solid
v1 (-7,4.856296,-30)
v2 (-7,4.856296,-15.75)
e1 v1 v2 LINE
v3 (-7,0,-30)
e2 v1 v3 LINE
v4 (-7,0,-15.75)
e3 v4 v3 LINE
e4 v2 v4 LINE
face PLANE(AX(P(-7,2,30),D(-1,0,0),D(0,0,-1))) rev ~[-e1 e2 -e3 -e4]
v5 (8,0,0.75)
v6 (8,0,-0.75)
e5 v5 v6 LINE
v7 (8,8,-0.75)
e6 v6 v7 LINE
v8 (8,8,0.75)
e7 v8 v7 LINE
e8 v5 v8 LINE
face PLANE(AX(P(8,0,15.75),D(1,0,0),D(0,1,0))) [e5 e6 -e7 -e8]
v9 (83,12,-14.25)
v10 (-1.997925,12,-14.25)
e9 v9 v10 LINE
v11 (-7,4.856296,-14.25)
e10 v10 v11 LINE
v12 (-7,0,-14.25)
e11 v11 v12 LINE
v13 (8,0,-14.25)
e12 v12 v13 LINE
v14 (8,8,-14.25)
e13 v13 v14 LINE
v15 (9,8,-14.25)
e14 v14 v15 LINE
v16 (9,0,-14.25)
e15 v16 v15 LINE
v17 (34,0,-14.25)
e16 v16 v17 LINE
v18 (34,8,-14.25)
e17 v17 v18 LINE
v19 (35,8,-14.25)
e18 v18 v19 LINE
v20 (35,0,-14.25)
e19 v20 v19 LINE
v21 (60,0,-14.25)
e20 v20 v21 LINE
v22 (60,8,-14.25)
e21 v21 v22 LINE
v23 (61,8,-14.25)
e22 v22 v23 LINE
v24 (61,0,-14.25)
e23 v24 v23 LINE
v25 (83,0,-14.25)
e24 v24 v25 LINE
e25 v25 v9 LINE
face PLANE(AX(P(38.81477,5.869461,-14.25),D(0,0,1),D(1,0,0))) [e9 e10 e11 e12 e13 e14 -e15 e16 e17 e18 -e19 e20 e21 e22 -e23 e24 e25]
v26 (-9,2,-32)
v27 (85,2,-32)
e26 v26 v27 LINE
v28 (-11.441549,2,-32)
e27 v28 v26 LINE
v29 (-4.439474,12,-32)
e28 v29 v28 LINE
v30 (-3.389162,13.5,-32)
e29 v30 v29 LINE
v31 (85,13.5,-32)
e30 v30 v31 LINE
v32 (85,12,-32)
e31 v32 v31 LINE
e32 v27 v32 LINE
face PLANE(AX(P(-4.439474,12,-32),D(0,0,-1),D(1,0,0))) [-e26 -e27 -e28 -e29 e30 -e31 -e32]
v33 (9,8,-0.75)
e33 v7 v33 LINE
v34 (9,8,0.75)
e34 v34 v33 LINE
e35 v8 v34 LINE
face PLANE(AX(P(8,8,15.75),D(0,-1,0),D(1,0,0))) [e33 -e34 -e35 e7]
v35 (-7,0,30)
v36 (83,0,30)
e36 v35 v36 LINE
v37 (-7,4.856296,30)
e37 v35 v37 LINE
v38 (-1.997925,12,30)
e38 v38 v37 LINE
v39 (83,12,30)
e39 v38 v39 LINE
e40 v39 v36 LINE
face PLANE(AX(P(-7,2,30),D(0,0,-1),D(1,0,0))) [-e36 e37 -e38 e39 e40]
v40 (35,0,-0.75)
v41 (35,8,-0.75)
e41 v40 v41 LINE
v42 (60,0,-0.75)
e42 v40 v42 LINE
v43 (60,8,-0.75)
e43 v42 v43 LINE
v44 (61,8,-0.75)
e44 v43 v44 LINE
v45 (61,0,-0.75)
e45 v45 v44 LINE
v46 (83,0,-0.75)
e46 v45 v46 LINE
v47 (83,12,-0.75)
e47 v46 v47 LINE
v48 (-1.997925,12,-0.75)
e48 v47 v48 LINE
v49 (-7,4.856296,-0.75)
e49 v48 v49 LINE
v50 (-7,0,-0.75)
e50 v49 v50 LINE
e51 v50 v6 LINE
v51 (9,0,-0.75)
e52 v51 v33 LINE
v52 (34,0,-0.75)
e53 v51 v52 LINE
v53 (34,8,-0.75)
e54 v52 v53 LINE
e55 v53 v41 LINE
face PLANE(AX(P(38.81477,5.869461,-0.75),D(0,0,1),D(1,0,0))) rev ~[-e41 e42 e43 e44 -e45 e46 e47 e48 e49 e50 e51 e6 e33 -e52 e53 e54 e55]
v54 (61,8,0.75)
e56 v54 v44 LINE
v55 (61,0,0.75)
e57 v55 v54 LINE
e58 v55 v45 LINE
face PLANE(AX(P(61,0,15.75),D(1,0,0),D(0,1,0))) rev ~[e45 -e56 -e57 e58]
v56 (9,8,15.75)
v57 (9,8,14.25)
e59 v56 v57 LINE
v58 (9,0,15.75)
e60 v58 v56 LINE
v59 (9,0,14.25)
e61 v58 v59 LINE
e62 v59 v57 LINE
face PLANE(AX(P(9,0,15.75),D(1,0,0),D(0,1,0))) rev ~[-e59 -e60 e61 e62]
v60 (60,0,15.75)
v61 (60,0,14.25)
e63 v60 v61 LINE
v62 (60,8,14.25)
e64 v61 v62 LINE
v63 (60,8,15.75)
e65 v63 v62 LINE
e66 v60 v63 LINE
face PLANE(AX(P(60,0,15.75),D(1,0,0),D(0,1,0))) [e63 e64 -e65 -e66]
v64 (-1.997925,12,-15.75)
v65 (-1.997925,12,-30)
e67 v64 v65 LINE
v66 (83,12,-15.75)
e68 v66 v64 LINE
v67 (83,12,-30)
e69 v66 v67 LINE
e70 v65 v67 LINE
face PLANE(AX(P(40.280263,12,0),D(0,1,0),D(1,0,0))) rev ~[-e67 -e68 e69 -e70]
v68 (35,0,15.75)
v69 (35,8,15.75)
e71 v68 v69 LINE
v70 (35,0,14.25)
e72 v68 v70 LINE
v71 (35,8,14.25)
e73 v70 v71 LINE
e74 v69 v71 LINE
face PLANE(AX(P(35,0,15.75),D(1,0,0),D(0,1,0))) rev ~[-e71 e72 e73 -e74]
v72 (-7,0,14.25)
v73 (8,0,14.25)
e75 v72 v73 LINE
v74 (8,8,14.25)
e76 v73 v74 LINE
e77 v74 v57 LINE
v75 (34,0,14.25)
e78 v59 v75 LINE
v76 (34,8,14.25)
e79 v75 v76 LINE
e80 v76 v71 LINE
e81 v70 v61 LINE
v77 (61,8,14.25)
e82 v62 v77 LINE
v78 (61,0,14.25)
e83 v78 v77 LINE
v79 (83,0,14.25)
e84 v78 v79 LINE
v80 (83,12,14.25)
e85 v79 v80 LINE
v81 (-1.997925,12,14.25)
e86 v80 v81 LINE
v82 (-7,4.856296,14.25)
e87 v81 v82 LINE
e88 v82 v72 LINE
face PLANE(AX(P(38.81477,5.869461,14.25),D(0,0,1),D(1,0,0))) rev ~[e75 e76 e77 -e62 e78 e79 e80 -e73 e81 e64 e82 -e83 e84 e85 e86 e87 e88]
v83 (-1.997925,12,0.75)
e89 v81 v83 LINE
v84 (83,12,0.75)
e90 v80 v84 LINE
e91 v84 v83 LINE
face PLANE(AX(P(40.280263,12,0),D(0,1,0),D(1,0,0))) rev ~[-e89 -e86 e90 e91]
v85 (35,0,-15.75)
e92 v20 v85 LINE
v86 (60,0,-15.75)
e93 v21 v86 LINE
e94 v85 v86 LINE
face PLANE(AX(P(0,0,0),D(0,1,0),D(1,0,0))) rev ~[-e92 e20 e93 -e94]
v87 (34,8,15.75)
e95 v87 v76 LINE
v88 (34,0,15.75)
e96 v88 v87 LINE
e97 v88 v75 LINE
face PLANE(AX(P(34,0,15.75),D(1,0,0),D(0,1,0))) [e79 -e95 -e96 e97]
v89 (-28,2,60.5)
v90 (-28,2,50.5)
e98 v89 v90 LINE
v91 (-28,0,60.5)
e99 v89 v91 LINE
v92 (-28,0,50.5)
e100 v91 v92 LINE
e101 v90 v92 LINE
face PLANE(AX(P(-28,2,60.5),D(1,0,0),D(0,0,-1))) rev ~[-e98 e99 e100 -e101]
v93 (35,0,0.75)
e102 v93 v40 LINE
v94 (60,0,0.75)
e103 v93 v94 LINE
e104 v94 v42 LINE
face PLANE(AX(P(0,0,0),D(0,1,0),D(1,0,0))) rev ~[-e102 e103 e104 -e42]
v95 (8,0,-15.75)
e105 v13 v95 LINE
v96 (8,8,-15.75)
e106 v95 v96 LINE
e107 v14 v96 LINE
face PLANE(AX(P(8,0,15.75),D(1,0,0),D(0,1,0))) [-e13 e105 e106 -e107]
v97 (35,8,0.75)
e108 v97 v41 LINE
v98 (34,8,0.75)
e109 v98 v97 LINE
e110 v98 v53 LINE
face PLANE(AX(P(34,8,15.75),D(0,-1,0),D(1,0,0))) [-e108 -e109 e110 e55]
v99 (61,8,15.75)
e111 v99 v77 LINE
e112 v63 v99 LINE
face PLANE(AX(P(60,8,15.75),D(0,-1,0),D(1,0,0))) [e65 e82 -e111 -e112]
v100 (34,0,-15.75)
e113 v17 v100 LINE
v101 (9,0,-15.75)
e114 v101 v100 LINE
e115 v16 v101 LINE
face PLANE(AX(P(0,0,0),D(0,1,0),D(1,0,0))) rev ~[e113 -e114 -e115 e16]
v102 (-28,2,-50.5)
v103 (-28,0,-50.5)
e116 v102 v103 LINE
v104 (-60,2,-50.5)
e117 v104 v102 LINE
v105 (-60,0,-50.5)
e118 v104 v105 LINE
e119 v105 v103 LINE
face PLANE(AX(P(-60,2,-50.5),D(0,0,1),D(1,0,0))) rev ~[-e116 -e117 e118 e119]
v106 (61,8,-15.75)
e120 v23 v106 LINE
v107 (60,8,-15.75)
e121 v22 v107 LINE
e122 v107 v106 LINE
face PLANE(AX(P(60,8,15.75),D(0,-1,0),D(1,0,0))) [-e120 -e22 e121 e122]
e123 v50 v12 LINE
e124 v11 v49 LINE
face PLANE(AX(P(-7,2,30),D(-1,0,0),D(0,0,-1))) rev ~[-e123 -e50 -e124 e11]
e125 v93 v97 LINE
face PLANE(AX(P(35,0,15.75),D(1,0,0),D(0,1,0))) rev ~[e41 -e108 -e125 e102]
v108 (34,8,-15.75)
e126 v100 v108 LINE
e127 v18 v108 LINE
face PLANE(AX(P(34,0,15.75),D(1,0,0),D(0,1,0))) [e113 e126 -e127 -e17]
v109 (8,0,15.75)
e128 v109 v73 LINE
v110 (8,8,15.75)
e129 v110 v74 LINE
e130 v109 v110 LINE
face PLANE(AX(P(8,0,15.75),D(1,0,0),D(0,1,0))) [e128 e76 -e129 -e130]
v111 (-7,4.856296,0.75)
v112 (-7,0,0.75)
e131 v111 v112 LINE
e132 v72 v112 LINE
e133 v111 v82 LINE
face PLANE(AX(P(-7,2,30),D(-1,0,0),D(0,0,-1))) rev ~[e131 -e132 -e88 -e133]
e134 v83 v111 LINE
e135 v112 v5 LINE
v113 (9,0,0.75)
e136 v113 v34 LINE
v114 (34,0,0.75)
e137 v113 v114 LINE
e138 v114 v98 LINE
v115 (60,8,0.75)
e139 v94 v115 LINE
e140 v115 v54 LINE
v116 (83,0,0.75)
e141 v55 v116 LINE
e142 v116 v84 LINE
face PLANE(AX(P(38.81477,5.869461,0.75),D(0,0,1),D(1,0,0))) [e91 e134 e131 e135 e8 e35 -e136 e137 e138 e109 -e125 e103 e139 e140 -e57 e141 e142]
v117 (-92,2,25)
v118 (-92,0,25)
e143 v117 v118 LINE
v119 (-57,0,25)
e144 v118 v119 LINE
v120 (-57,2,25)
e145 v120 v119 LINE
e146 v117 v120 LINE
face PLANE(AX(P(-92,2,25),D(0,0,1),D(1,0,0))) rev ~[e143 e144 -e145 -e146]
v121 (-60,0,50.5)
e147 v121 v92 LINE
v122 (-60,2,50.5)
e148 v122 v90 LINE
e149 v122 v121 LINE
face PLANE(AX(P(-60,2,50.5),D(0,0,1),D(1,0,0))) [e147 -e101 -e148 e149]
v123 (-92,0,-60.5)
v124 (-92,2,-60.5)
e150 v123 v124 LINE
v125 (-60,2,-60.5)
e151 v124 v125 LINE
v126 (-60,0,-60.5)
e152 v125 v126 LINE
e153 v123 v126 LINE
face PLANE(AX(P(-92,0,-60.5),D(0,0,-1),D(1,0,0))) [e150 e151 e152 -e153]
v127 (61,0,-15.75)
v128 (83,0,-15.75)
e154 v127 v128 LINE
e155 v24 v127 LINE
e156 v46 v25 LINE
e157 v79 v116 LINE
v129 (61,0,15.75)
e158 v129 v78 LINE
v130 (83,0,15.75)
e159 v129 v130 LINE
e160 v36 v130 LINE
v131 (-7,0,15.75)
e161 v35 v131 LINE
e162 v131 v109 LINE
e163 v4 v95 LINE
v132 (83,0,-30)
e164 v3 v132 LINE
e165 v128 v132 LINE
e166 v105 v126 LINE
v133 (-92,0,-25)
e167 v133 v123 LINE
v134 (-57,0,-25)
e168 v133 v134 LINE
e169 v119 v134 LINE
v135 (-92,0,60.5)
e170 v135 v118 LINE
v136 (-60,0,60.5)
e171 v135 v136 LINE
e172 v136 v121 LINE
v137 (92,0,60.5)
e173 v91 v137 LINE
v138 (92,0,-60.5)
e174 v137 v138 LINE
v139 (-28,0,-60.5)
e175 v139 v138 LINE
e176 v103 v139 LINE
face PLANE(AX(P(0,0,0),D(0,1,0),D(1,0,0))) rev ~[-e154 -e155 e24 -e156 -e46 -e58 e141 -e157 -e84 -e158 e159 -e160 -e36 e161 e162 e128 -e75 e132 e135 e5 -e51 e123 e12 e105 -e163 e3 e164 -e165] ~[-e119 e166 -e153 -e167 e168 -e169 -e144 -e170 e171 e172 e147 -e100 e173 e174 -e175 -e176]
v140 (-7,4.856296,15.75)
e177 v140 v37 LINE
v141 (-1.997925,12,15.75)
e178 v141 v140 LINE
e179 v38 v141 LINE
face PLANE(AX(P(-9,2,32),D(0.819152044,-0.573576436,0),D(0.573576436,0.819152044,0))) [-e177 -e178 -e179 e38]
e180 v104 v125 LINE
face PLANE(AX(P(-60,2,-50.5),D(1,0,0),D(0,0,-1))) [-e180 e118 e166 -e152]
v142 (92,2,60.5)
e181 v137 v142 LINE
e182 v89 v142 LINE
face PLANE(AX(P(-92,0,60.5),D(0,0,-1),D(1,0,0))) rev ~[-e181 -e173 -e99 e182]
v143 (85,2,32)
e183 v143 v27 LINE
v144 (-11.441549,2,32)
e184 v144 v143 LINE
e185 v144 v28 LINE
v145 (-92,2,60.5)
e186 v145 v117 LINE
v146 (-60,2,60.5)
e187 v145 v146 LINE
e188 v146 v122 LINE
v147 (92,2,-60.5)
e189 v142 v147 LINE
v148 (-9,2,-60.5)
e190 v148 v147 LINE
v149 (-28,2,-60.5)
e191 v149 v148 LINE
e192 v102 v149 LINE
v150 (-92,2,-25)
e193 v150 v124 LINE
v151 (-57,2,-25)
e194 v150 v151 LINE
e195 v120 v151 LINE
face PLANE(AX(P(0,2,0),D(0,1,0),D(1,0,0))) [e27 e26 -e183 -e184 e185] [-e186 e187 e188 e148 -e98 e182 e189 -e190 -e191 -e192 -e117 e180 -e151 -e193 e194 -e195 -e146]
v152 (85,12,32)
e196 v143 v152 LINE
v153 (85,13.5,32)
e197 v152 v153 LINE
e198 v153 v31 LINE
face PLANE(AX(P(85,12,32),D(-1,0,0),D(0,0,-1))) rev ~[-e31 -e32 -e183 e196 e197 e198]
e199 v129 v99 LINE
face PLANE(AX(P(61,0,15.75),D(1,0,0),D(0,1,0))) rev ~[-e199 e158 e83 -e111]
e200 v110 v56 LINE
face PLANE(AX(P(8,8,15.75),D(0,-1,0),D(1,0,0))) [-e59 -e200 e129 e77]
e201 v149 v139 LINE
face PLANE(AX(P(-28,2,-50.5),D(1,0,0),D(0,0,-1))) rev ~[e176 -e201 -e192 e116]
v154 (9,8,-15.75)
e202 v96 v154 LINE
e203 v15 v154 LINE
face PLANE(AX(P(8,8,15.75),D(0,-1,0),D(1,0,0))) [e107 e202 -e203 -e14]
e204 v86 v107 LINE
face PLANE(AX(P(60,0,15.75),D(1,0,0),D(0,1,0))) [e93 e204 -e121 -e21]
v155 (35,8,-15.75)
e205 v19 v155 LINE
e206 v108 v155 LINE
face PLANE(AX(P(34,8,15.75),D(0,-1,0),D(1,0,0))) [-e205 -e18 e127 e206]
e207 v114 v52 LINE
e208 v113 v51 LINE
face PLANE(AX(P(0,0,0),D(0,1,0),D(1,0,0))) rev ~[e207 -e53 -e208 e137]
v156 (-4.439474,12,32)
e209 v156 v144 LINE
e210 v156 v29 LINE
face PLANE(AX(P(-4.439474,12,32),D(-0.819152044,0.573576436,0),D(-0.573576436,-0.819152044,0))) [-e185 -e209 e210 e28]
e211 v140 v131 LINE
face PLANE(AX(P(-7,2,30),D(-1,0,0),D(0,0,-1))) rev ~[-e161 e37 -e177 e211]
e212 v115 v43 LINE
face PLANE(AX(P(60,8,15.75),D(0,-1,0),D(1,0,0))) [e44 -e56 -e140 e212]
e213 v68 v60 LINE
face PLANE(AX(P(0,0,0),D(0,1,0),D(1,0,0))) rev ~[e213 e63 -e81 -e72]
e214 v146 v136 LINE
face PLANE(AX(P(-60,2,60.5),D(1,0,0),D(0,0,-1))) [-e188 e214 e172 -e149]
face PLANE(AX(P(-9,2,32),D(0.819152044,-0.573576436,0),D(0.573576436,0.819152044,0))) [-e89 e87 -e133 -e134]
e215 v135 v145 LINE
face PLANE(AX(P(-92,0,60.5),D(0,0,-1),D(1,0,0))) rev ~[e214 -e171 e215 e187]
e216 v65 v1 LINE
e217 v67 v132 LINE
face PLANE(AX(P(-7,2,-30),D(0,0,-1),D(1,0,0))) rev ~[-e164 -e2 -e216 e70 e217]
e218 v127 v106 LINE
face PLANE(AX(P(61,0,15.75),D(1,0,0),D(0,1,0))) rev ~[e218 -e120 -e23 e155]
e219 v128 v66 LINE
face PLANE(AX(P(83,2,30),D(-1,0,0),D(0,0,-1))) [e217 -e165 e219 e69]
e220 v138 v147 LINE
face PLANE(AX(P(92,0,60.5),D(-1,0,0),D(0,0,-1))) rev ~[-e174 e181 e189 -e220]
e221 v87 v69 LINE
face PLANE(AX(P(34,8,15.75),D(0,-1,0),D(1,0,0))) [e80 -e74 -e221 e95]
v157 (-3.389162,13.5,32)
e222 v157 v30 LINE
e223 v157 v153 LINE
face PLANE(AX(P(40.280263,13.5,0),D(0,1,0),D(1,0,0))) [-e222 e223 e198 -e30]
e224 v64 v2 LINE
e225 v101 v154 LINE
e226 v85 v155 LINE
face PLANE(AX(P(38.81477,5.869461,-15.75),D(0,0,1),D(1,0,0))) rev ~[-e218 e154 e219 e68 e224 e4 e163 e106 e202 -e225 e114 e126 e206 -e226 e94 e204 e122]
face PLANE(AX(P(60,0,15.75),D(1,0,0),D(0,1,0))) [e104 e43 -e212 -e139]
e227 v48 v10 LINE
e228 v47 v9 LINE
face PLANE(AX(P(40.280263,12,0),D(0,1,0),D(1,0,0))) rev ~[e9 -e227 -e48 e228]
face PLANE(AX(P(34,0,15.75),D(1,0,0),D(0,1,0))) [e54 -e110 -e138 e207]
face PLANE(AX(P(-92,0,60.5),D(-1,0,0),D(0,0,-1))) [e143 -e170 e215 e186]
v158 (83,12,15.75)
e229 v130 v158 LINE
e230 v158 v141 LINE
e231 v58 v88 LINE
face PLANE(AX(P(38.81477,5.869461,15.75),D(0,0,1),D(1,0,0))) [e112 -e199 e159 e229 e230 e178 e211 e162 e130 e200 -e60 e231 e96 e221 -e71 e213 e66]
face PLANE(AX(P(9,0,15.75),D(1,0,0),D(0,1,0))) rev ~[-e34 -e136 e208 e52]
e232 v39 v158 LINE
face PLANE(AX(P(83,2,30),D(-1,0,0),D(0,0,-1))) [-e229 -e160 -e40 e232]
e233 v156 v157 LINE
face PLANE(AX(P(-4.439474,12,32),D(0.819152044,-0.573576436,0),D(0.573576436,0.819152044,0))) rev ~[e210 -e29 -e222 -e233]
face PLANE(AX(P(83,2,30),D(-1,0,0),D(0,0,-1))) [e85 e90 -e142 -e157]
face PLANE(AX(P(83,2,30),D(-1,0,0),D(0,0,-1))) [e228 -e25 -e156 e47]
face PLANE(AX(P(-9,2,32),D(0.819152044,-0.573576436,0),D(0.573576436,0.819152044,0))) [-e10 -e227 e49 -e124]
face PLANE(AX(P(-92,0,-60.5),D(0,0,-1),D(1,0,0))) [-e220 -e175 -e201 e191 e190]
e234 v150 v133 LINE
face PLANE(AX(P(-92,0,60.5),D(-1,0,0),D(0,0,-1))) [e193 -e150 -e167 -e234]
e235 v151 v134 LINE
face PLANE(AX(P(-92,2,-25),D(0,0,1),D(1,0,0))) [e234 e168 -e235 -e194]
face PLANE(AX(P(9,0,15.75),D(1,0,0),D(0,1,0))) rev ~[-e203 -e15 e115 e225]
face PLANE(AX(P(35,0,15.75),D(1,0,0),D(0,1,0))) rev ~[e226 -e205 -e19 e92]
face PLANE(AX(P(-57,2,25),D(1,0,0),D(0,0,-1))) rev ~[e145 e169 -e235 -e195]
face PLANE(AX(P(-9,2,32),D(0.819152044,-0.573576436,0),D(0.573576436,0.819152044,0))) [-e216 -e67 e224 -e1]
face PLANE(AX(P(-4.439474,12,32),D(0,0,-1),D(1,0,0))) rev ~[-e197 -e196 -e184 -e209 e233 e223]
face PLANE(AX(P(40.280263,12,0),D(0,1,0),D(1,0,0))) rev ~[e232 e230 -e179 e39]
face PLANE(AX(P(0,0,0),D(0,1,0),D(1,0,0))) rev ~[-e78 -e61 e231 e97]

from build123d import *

# Parameters (mm, degrees)
SKICA1_W                 = 184
SKICA1_H                 = 121
P_IDAT_VYSUNUT_M1_DEPTH  = 2
SKICA2_W                 = 32
SKICA2_H                 = 10
ODEBRAT_VYSUNUT_M1_DEPTH = 3
SKICA3_W                 = 35
SKICA3_H                 = 50
ODEBRAT_VYSUNUT_M2_DEPTH = 10
SKICA5_W                 = 90
SKICA5_H                 = 60
ODEBRAT_VYSUNUT_M3_DEPTH = 10
SKICA6_W                 = 94
SKICA6_H                 = 64
SKICA6_W_2               = 90
SKICA6_H_2               = 60
P_IDAT_VYSUNUT_M2_DEPTH  = 10
ODEBRAT_VYSUNUT_M4_DEPTH = 93.5
P_IDAT_VYSUNUT_M3_DEPTH  = 64
SKICA9_W                 = 89.439473795
SKICA9_H                 = 64
P_IDAT_VYSUNUT_M4_DEPTH  = 1.5
ODEBRAT_VYSUNUT_M5_DEPTH = 93.5
P_IDAT_VYSUNUT_M5_DEPTH  = 0.75
LINPOLE1_COUNT           = 2
LINPOLE1_PITCH           = 15
LINPOLE1_COL_COUNT       = 2
LINPOLE1_COL_PITCH       = 15
SKICA12_W                = 1
SKICA12_H                = 8
ODEBRAT_VYSUNUT_M6_DEPTH = 31.5


with BuildPart() as part:
    # Skica1 → Přidat vysunutím1 (new body)
    with BuildSketch(Plane(origin=(0, 0, 0), x_dir=(1, 0, 0), z_dir=(0, 1, 0))):
        Rectangle(SKICA1_W, SKICA1_H)
    extrude(amount=P_IDAT_VYSUNUT_M1_DEPTH)

    # Skica2 → Odebrat vysunutím1 (cut)
    with BuildSketch(Plane(origin=(0, 2, 0), x_dir=(1, 0, 0), z_dir=(0, 1, 0))):
        with Locations((-44, 55.5)):
            Rectangle(SKICA2_W, SKICA2_H)
        with Locations((-44, -55.5)):
            Rectangle(SKICA2_W, SKICA2_H)
    extrude(amount=-ODEBRAT_VYSUNUT_M1_DEPTH, mode=Mode.SUBTRACT)

    # Skica3 → Odebrat vysunutím2 (cut)
    with BuildSketch(Plane(origin=(0, 2, 0), x_dir=(1, 0, 0), z_dir=(0, 1, 0))):
        with Locations((-74.5, 0)):
            Rectangle(SKICA3_W, SKICA3_H)
    extrude(amount=-ODEBRAT_VYSUNUT_M2_DEPTH, mode=Mode.SUBTRACT)

    # Skica5 → Odebrat vysunutím3 (cut)
    with BuildSketch(Plane(origin=(0, 2, 0), x_dir=(1, 0, 0), z_dir=(0, 1, 0))):
        with Locations((38, 0)):
            Rectangle(SKICA5_W, SKICA5_H)
    extrude(amount=-ODEBRAT_VYSUNUT_M3_DEPTH, mode=Mode.SUBTRACT)

    # Skica6 → Přidat vysunutím2 (add)
    with BuildSketch(Plane(origin=(0, 2, 0), x_dir=(1, 0, 0), z_dir=(0, 1, 0))):
        with Locations((38, 0)):
            Rectangle(SKICA6_W, SKICA6_H)
        with Locations((38, 0)):
            Rectangle(SKICA6_W_2, SKICA6_H_2, mode=Mode.SUBTRACT)
    extrude(amount=P_IDAT_VYSUNUT_M2_DEPTH)

    # Skica7 → Odebrat vysunutím4 (cut, through all)
    with BuildSketch(Plane.XY.offset(32)):
        Polygon((-9, 2), (-1.997924618, 12), (-9, 12), align=None)
    extrude(amount=-ODEBRAT_VYSUNUT_M4_DEPTH, mode=Mode.SUBTRACT)

    # Skica8 → Přidat vysunutím3 (add)
    with BuildSketch(Plane.XY.offset(32)):
        Polygon((-1.997924618, 12), (-4.439473795, 12), (-11.441549178, 2), (-9, 2), align=None)
    extrude(amount=-P_IDAT_VYSUNUT_M3_DEPTH)

    # Skica9 → Přidat vysunutím4 (add)
    with BuildSketch(Plane(origin=(0, 12, 0), x_dir=(1, 0, 0), z_dir=(0, 1, 0))):
        with Locations((40.280263103, 0)):
            Rectangle(SKICA9_W, SKICA9_H)
    extrude(amount=P_IDAT_VYSUNUT_M4_DEPTH)

    # Skica10 → Odebrat vysunutím5 (cut, through all)
    with BuildSketch(Plane.XY.offset(32)):
        Polygon((-4.439473795, 12), (-3.389162488, 13.5), (-4.439473795, 13.5), align=None)
    extrude(amount=-ODEBRAT_VYSUNUT_M5_DEPTH, mode=Mode.SUBTRACT)

    # Skica11 → Přidat vysunutím5 (add, symmetric)
    with BuildSketch(Plane.XY):
        Polygon((83, 12), (-1.997924618, 12), (-7, 4.856296013), (-7, 0), (83, 0), align=None)
    p_idat_vysunut_m5 = extrude(amount=P_IDAT_VYSUNUT_M5_DEPTH, both=True)

    # LinPole1: Přidat vysunutím5 ×2
    with Locations(*[(0, 0, i * LINPOLE1_PITCH) for i in range(1, LINPOLE1_COUNT)]):
        add(p_idat_vysunut_m5)

    # LinPole1 col: Přidat vysunutím5 ×2
    with Locations(*[(0, 0, -i * LINPOLE1_COL_PITCH) for i in range(1, LINPOLE1_COL_COUNT)]):
        add(p_idat_vysunut_m5)

    # Skica12 → Odebrat vysunutím6 (cut)
    with BuildSketch(Plane.XY.offset(15.75)):
        with Locations((8.5, 4)):
            Rectangle(SKICA12_W, SKICA12_H)
        with Locations((34.5, 4)):
            Rectangle(SKICA12_W, SKICA12_H)
        with Locations((60.5, 4)):
            Rectangle(SKICA12_W, SKICA12_H)
    extrude(amount=-ODEBRAT_VYSUNUT_M6_DEPTH, mode=Mode.SUBTRACT)


solid = part.part
